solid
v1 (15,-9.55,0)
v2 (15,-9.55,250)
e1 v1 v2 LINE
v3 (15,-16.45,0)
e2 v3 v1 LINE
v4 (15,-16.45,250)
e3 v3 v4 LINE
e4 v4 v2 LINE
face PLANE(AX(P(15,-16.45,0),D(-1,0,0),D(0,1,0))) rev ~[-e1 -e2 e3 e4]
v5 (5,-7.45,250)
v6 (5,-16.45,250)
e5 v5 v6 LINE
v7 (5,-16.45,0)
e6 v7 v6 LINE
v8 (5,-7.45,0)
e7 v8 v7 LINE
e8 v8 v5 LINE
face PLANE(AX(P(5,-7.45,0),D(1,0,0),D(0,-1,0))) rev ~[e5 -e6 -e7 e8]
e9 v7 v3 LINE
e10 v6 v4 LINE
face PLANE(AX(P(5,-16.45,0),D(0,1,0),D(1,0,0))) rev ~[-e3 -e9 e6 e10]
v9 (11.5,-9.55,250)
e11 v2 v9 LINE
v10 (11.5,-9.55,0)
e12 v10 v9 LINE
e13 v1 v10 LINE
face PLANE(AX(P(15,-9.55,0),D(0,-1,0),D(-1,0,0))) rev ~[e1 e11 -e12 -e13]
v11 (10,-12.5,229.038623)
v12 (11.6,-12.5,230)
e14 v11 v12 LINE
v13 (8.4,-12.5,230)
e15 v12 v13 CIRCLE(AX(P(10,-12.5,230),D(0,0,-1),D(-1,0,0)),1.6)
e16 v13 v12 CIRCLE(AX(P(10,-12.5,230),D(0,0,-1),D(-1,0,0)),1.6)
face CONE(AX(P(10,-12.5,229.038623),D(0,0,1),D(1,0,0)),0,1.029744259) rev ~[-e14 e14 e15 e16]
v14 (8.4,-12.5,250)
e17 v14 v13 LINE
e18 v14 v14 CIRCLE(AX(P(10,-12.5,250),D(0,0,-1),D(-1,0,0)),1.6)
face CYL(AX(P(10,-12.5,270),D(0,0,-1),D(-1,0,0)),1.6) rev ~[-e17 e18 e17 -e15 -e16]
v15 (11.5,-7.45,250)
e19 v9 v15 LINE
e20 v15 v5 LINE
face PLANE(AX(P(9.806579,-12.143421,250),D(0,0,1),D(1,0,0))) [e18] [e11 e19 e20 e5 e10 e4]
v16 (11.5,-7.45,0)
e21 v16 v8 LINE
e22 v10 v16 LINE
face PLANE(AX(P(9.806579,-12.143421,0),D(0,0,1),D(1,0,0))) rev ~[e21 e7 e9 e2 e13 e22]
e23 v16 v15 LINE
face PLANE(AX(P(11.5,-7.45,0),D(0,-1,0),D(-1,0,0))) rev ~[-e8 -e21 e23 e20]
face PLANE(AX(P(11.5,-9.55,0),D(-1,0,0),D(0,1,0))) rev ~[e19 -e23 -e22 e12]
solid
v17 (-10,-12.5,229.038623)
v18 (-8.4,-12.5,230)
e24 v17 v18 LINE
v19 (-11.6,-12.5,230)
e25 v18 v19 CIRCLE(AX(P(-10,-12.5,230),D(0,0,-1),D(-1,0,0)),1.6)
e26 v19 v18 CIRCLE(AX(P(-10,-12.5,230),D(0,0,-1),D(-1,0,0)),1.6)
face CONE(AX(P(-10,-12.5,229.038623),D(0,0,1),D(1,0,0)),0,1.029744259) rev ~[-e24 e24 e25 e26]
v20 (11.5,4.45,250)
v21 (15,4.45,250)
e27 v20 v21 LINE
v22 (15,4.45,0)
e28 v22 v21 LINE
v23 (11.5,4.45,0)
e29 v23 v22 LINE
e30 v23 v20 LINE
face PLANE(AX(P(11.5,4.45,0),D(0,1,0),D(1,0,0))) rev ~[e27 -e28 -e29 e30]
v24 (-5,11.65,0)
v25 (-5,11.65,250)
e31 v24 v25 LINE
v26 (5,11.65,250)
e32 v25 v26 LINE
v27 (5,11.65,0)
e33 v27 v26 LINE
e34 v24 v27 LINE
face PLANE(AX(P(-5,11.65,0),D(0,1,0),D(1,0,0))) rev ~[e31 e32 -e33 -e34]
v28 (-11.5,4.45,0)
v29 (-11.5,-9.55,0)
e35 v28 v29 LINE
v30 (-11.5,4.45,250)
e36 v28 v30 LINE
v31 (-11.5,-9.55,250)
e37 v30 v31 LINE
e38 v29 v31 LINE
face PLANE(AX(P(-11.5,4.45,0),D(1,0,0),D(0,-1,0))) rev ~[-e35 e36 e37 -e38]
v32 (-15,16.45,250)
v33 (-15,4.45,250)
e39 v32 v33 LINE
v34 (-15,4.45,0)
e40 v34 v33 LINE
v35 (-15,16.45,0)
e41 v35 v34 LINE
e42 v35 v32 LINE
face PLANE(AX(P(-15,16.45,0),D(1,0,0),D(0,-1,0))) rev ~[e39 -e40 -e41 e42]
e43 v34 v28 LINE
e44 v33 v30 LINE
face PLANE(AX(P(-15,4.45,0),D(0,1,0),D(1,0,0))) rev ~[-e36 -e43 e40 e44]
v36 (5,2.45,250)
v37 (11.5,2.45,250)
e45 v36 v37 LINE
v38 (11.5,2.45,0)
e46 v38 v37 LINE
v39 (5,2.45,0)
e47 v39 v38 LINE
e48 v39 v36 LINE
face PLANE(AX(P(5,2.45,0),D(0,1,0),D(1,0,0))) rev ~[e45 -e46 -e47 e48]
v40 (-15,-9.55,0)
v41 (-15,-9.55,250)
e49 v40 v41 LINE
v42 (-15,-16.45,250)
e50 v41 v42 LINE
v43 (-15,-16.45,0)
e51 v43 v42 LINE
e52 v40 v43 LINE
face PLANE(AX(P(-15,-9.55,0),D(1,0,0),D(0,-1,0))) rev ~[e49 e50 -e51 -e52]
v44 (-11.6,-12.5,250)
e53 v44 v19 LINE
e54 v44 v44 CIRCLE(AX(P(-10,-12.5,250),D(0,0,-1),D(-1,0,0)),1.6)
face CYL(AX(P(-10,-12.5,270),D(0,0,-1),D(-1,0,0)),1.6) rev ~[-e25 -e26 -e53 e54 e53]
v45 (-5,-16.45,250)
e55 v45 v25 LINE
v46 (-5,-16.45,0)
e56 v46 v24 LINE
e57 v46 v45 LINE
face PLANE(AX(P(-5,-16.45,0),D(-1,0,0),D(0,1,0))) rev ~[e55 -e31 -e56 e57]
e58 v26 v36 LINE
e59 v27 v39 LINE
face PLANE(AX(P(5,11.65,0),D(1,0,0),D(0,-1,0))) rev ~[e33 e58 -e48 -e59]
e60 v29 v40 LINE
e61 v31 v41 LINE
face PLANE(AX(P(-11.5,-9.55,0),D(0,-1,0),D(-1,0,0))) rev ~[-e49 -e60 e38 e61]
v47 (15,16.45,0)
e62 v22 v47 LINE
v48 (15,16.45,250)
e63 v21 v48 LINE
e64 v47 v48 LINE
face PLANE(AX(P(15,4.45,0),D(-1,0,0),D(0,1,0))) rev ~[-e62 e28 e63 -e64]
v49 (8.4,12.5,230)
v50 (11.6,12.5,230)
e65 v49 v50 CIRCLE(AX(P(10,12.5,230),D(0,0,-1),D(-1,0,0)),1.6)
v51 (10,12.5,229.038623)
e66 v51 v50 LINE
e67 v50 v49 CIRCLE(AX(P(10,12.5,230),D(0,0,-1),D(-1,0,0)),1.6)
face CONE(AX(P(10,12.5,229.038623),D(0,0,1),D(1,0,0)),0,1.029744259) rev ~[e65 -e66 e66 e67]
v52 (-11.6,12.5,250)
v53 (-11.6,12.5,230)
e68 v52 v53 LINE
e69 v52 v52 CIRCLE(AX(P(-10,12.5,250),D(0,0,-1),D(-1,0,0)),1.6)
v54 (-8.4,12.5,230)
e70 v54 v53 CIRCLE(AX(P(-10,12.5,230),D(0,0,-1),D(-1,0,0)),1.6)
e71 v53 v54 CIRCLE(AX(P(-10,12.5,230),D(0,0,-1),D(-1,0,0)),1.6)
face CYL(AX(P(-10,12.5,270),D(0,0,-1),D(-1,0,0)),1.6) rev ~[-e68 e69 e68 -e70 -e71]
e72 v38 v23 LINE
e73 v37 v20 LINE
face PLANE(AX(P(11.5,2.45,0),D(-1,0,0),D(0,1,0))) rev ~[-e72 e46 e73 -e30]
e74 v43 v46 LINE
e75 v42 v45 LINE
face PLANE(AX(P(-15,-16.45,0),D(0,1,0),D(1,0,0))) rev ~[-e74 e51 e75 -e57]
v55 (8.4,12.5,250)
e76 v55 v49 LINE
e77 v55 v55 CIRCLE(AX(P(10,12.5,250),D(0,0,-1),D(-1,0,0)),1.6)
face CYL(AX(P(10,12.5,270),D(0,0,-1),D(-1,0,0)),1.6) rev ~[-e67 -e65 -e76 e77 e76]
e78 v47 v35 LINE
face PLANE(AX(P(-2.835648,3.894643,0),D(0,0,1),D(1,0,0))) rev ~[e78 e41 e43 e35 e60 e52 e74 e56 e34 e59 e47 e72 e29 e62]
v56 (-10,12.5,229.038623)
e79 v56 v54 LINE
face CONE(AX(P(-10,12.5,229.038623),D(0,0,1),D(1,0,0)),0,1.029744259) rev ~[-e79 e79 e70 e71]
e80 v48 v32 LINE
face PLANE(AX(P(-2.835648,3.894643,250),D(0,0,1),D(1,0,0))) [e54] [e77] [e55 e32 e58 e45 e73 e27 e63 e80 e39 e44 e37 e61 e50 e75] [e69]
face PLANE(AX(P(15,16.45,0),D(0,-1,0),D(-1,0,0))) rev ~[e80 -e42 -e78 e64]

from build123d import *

# Parameters (mm, degrees)
F1_DEPTH   = 250
F3_D       = 3.2
F3_DEPTH   = 20
F3_TIP     = 0.9613769904
F3_2_D     = 3.2
F3_2_DEPTH = 20
F3_2_TIP   = 0.9613769904


with BuildPart() as f1:
    # F0 (on Top) → F1 (new body)
    with BuildSketch(Plane.XY):
        Polygon((5, 2.45), (11.5, 2.45), (11.5, 4.45), (15, 4.45), (15, 16.45), (-15, 16.45), (-15, 4.45), (-11.5, 4.45), (-11.5, -9.55), (-15, -9.55), (-15, -16.45), (-5, -16.45), (-5, 11.65), (5, 11.65), align=None)
    extrude(amount=F1_DEPTH)

    # F3
    with Locations(Plane.XY.offset(250)):
        with Locations((-10, 12.5), (10, 12.5), (10, -12.5), (-10, -12.5)):
            Hole(F3_D / 2, depth=F3_DEPTH)
            with Locations((0, 0, -(F3_DEPTH + F3_TIP / 2))):  # 118° drill point
                Cone(0, F3_D / 2, F3_TIP, mode=Mode.SUBTRACT)


with BuildPart() as f1b:
    # F0 (on Top) → F1, piece 2 (new body)
    with BuildSketch(Plane.XY):
        Polygon((11.5, -7.45), (5, -7.45), (5, -16.45), (15, -16.45), (15, -9.55), (11.5, -9.55), align=None)
    extrude(amount=F1_DEPTH)

    # F3#2
    with Locations(Plane.XY.offset(250)):
        with Locations((-10, 12.5), (10, 12.5), (10, -12.5), (-10, -12.5)):
            Hole(F3_2_D / 2, depth=F3_2_DEPTH)
            with Locations((0, 0, -(F3_2_DEPTH + F3_2_TIP / 2))):  # 118° drill point
                Cone(0, F3_2_D / 2, F3_2_TIP, mode=Mode.SUBTRACT)


solid = Compound([f1.part, f1b.part])
